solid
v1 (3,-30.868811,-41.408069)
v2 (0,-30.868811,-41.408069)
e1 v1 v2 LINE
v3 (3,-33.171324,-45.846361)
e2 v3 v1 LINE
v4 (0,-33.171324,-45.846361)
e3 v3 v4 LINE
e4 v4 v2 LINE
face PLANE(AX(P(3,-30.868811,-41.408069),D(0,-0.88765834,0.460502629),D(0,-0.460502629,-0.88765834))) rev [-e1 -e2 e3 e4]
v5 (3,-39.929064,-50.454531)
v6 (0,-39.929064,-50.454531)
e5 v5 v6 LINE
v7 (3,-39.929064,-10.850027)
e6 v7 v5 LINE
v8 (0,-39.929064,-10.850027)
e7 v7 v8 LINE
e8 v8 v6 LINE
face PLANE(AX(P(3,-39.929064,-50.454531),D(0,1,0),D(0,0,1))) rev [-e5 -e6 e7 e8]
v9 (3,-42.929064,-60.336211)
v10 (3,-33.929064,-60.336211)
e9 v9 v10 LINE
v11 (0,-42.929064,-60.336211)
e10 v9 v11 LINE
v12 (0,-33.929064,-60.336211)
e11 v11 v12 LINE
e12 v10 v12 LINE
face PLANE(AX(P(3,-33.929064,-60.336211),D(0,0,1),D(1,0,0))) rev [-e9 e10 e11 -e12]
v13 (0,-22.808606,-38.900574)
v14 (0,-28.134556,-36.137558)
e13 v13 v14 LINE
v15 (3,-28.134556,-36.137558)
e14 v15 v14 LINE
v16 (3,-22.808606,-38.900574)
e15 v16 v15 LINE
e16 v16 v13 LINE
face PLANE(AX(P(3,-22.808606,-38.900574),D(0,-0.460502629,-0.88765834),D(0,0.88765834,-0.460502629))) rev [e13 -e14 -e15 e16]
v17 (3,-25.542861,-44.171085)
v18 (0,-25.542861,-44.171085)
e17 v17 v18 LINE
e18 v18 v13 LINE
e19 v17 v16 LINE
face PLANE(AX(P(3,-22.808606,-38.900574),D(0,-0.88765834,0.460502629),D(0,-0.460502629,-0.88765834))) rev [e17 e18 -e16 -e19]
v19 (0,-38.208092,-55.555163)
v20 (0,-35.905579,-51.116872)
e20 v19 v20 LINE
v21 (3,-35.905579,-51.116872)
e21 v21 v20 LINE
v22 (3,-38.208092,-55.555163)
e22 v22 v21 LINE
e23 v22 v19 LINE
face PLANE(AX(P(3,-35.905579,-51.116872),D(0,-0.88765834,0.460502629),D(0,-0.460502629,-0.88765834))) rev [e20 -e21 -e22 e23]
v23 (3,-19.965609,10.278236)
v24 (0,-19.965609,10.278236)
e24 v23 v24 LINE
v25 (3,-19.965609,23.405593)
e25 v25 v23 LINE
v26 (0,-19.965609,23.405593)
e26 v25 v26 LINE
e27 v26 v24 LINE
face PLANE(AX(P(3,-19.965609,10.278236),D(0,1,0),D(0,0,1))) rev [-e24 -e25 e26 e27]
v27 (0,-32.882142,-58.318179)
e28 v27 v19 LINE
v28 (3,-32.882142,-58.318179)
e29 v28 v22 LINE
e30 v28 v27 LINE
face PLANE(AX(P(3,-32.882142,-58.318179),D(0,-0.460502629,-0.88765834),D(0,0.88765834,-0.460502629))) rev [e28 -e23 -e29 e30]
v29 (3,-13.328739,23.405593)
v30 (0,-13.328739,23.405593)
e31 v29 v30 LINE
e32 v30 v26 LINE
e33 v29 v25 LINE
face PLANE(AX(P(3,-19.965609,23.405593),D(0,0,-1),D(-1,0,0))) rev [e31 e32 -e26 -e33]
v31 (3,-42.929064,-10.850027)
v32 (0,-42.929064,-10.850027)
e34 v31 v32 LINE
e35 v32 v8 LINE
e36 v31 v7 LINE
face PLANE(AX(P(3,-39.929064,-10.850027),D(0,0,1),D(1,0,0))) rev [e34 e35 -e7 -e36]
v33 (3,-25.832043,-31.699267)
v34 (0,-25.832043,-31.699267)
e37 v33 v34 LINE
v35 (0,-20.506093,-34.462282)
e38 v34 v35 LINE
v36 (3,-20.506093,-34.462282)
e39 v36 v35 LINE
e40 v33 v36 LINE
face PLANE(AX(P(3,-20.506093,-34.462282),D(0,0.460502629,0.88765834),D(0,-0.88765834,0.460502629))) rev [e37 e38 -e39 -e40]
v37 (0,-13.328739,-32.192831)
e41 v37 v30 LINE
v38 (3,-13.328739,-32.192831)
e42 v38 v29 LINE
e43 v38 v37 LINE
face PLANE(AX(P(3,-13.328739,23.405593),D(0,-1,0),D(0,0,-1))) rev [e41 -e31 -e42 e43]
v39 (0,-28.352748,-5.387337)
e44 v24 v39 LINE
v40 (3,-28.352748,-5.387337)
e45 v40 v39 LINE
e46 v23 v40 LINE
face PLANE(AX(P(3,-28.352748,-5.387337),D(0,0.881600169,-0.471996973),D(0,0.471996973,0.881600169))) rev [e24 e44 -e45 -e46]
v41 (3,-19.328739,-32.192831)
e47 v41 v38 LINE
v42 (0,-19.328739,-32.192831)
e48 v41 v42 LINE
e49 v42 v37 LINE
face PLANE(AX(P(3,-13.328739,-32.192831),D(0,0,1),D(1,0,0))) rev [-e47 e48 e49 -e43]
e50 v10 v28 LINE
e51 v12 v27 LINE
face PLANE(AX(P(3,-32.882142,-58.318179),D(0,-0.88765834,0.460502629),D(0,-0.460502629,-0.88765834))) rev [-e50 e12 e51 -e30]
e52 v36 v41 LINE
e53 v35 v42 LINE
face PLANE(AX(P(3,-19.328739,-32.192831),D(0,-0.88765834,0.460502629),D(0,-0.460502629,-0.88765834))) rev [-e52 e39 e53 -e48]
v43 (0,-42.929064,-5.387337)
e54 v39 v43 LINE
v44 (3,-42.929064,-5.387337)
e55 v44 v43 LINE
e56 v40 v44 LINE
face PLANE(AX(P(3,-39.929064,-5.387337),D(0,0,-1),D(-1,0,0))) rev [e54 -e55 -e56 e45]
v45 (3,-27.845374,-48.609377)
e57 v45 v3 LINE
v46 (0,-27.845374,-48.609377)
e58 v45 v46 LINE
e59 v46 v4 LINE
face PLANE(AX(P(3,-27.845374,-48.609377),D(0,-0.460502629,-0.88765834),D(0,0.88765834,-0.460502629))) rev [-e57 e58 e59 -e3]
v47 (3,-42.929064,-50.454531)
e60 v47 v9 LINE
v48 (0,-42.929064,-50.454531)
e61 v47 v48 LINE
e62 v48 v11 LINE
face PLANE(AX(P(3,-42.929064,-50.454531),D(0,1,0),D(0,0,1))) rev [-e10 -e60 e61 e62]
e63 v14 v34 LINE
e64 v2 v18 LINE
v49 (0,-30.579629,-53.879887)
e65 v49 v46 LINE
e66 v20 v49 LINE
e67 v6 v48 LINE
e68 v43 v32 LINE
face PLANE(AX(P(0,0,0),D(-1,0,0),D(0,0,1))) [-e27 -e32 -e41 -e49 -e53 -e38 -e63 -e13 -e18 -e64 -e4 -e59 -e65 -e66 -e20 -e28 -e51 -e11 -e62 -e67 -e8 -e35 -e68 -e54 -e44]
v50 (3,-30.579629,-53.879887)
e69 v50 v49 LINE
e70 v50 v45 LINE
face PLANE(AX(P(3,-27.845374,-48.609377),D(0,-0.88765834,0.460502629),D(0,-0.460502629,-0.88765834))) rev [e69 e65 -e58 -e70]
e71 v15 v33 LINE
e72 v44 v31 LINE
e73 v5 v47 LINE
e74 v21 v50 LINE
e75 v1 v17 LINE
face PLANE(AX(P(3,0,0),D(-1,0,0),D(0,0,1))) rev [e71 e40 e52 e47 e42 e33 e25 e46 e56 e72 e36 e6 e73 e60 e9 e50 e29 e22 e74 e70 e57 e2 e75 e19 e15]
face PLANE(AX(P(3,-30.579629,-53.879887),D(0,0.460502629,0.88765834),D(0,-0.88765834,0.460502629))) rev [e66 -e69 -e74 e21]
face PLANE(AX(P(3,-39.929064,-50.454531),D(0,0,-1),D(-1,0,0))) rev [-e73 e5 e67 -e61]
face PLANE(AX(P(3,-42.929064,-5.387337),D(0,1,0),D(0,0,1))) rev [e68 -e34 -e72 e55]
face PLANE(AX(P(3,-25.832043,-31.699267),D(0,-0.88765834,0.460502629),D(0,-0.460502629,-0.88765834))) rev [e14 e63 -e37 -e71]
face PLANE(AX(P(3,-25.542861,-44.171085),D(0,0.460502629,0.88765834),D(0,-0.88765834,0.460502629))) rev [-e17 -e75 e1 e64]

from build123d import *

# Parameters (mm, degrees)
BOSS_EXTRUDE1_DEPTH = 3


with BuildPart() as part:
    # Sketch1 → Boss-Extrude1 (new body)
    with BuildSketch(Plane(origin=(0, 0, 0), x_dir=(0, 0, -1), z_dir=(1, 0, 0))):
        Polygon((-23.405592815, -13.328738611), (32.192831055, -13.328738611), (32.192831055, -19.328738611), (34.462282484, -20.506092894), (31.699266712, -25.832042935), (36.137558413, -28.134556078), (38.900574185, -22.808606037), (44.171084966, -25.542860827), (41.408069194, -30.868810868), (45.846360891, -33.17132401), (48.609376663, -27.845373968), (53.879887443, -30.579628758), (51.116871671, -35.9055788), (55.555163369, -38.208091941), (58.318179141, -32.8821419), (60.336210887, -33.929063763), (60.336210887, -39.929063763), (60.336210887, -42.929063763), (50.45453087, -42.929063763), (50.45453087, -39.929063763), (10.850026953, -39.929063763), (10.850026953, -42.929063763), (5.387336757, -42.929063763), (5.387336757, -39.929063763), (5.387336757, -28.352747539), (-10.278235861, -19.965608879), (-23.405592815, -19.965608879), align=None)
    extrude(amount=BOSS_EXTRUDE1_DEPTH)


solid = part.part
